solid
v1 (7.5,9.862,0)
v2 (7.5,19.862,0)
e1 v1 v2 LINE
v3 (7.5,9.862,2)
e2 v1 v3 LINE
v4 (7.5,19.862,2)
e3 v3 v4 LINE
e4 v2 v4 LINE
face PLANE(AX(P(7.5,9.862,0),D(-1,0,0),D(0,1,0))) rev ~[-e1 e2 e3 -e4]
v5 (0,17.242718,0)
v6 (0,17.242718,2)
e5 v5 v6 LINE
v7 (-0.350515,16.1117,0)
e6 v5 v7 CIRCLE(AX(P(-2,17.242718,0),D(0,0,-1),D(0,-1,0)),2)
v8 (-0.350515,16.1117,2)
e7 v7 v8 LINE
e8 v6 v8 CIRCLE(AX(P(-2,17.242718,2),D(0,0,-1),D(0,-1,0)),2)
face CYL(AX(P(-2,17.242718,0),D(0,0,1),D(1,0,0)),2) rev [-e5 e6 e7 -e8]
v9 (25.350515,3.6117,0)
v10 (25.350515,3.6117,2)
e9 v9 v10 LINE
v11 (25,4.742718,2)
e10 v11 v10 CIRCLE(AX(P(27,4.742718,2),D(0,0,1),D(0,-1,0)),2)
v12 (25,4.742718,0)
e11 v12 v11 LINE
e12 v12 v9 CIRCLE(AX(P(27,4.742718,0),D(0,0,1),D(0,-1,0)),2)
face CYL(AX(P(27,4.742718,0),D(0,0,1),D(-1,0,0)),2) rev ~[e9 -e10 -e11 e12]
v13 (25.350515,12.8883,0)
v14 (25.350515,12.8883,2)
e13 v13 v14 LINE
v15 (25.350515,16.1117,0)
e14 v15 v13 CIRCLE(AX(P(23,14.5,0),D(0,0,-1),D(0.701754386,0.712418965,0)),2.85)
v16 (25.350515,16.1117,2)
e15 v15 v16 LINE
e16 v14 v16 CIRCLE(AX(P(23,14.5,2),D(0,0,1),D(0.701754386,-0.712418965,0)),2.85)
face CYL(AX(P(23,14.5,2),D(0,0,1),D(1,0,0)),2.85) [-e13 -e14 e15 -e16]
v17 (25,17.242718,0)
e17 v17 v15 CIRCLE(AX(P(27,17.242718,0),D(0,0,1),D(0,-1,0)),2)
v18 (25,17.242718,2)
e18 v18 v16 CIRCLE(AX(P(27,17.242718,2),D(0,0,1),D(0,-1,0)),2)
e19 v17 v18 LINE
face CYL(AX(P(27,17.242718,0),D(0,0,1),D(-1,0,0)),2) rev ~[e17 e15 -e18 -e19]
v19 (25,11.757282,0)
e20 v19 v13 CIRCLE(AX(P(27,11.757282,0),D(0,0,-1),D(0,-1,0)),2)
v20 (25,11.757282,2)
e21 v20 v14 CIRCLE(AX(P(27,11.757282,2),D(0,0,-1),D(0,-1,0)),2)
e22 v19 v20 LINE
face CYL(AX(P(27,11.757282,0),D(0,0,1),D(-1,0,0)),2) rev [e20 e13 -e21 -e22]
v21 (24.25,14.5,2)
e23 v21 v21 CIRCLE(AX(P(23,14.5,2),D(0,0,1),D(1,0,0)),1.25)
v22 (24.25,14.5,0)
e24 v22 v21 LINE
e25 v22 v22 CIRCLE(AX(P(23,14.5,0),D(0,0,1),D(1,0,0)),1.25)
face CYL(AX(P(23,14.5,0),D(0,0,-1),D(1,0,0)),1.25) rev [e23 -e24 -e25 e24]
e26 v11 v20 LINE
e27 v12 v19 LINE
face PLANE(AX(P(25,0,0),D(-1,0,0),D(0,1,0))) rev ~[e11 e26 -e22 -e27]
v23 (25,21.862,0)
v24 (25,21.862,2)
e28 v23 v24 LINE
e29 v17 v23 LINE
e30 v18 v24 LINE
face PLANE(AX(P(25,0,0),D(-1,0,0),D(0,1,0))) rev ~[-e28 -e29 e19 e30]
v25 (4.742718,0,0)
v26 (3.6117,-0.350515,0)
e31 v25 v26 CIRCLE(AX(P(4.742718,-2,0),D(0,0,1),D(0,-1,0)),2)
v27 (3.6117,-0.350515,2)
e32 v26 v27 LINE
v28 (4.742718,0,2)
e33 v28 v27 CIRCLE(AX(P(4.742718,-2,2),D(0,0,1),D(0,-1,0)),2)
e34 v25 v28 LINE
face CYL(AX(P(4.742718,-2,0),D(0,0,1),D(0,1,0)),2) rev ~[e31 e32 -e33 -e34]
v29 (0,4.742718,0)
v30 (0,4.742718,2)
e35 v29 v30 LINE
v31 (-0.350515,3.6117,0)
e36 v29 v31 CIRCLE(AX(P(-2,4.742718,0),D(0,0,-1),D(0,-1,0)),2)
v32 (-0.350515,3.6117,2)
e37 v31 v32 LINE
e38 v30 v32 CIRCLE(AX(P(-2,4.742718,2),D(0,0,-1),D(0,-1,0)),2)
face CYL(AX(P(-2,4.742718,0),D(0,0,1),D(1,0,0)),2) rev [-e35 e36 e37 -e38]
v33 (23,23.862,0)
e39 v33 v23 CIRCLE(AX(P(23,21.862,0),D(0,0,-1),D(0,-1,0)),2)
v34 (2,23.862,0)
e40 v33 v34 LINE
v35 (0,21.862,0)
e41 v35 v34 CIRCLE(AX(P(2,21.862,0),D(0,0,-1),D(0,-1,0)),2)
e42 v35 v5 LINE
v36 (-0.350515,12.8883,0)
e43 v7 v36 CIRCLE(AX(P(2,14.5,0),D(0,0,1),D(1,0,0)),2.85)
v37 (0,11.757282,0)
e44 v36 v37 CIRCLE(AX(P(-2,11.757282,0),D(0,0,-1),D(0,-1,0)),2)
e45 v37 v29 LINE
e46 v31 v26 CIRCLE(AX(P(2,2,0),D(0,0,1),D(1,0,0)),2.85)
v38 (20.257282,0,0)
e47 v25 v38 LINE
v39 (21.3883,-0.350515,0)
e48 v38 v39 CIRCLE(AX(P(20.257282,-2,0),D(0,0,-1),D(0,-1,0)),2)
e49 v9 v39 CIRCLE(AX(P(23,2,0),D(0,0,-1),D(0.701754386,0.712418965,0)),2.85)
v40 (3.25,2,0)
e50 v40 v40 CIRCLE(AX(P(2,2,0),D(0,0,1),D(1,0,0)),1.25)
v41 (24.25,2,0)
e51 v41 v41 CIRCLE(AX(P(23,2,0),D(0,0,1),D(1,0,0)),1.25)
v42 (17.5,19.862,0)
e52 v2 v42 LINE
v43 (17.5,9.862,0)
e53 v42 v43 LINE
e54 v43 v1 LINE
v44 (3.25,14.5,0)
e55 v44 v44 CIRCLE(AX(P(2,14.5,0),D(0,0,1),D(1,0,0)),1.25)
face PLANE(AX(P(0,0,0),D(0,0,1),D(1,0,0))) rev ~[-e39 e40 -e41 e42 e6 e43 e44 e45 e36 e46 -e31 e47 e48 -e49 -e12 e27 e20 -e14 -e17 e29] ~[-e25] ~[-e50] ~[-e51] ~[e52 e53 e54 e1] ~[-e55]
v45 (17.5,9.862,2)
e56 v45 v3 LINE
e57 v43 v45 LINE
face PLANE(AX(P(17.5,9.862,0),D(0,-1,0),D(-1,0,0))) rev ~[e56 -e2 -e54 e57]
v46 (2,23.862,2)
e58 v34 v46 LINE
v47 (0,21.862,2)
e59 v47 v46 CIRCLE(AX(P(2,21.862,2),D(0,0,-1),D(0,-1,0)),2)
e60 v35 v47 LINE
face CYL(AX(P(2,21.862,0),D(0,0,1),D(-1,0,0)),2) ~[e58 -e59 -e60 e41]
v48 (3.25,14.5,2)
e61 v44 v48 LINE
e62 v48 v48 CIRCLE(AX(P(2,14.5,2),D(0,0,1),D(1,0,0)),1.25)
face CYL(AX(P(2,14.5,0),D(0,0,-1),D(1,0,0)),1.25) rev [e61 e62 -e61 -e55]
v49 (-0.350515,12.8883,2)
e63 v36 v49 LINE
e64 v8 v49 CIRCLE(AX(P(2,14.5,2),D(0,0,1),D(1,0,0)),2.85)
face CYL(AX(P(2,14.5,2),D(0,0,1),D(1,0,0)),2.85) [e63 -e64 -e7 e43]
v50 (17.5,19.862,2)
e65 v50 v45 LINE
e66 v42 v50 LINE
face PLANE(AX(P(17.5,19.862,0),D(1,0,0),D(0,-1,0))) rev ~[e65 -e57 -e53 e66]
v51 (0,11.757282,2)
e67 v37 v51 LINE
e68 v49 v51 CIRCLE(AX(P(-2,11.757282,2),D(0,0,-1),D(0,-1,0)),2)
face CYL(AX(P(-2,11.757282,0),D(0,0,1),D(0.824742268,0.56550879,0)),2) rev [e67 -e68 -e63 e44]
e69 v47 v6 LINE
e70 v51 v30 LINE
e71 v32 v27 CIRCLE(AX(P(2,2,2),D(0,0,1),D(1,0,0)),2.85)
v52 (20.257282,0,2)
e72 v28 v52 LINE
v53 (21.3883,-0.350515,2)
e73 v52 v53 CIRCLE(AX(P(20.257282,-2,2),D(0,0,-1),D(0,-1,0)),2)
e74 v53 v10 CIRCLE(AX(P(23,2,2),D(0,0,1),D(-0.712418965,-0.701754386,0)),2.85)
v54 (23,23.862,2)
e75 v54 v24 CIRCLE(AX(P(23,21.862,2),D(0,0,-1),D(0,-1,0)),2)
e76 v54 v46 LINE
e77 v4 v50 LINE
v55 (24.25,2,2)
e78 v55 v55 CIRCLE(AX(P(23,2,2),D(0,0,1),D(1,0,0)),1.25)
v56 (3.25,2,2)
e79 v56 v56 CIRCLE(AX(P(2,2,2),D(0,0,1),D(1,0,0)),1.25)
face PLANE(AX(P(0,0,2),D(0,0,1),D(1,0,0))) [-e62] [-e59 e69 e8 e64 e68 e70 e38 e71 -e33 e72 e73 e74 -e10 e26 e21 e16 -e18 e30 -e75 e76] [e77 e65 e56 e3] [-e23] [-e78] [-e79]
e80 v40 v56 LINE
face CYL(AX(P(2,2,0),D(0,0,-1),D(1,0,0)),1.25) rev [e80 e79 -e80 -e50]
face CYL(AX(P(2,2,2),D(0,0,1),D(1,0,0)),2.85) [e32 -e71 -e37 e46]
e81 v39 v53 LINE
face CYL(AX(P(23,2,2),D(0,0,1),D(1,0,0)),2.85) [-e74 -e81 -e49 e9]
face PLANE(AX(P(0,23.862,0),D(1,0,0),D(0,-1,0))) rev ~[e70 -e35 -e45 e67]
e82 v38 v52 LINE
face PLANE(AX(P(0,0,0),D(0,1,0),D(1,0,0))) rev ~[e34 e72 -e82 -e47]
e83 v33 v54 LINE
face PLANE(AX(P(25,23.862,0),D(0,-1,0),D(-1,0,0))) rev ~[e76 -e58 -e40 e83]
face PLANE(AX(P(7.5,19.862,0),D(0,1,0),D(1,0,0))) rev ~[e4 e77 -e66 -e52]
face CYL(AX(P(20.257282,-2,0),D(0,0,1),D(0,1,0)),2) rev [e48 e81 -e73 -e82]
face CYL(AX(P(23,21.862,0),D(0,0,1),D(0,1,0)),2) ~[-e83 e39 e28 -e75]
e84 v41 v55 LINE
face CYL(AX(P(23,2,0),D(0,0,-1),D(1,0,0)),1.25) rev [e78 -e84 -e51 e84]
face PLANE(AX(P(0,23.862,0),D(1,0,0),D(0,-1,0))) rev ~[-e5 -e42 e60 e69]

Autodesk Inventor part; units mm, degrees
ref_plane "YZ Plane" through (0, 0, 0) normal (1, 0, 0) x (0, 1, 0)
ref_plane "XZ Plane" through (0, 0, 0) normal (0, 1, 0) x (-1, 0, 0)
ref_plane "XY Plane" through (0, 0, 0) normal (0, 0, 1) x (1, 0, 0)
sketch "Sketch1" plane through (0, 0, 0) normal (0, 0, 1) x (1, 0, 0)
  line L0 (0, 0) -> (25, 0)
  line L1 (25, 0) -> (25, 23.862)
  line L2 (25, 23.862) -> (0, 23.862)
  line L3 (0, 23.862) -> (0, 0)
  circle A0 centre (2, 2) radius 1.25
  circle A1 centre (23, 2) radius 1.25
  circle A2 centre (2, 14.5) radius 1.25
  circle A3 centre (23, 14.5) radius 1.25
  line L4 (7.5, 19.862) -> (17.5, 19.862)
  line L5 (17.5, 19.862) -> (17.5, 9.862)
  line L6 (17.5, 9.862) -> (7.5, 9.862)
  line L7 (7.5, 9.862) -> (7.5, 19.862)
  line L8 (0, 23.862) -> (7.5, 19.862) construction
  line L9 (17.5, 19.862) -> (25, 23.862) construction
  dimension "d0" = 25
  dimension "d1" = 23.862
  dimension "d2" = 2.5
  dimension "d3" = 2
  dimension "d4" = 2
  dimension "d5" = 14.5
  dimension "d6" = 2
  dimension "d7" = 10
  dimension "d8" = 4
extrude "Extrusion1" add sketch "Sketch1" along normal blind 2
fillet "Fillet1" radius 2 4 edges at (25, 23.862, 1) (0, 23.862, 1) (0, 0, 1) (25, 0, 1)
sketch "Sketch2" plane through (0, 0, 2) normal (0, 0, 1) x (1, 0, 0)
  circle A0 centre (2, 14.5) radius 1.25 projected
  circle A1 centre (2, 2) radius 1.25 projected
  circle A2 centre (23, 2) radius 1.25 projected
  circle A3 centre (23, 14.5) radius 1.25 projected
  circle A4 centre (2, 14.5) radius 2.85
  circle A5 centre (2, 2) radius 2.85
  circle A6 centre (23, 2) radius 2.85
  circle A7 centre (23, 14.5) radius 2.85
  point P0 (0, 0)
  dimension "d12" = 1.6
extrude "Extrusion2" add sketch "Sketch2" against normal up to surface (2 mm away)
fillet "Fillet2" radius 2 8 edges at (0, 16.5304, 1) (0, 12.4696, 1) (0, 4.0304, 1) (4.0304, 0, 1) (20.9696, 0, 1) (25, 4.0304, 1) (25, 16.5304, 1) (25, 12.4696, 1)
properties part number "CameraFilterPlate"
